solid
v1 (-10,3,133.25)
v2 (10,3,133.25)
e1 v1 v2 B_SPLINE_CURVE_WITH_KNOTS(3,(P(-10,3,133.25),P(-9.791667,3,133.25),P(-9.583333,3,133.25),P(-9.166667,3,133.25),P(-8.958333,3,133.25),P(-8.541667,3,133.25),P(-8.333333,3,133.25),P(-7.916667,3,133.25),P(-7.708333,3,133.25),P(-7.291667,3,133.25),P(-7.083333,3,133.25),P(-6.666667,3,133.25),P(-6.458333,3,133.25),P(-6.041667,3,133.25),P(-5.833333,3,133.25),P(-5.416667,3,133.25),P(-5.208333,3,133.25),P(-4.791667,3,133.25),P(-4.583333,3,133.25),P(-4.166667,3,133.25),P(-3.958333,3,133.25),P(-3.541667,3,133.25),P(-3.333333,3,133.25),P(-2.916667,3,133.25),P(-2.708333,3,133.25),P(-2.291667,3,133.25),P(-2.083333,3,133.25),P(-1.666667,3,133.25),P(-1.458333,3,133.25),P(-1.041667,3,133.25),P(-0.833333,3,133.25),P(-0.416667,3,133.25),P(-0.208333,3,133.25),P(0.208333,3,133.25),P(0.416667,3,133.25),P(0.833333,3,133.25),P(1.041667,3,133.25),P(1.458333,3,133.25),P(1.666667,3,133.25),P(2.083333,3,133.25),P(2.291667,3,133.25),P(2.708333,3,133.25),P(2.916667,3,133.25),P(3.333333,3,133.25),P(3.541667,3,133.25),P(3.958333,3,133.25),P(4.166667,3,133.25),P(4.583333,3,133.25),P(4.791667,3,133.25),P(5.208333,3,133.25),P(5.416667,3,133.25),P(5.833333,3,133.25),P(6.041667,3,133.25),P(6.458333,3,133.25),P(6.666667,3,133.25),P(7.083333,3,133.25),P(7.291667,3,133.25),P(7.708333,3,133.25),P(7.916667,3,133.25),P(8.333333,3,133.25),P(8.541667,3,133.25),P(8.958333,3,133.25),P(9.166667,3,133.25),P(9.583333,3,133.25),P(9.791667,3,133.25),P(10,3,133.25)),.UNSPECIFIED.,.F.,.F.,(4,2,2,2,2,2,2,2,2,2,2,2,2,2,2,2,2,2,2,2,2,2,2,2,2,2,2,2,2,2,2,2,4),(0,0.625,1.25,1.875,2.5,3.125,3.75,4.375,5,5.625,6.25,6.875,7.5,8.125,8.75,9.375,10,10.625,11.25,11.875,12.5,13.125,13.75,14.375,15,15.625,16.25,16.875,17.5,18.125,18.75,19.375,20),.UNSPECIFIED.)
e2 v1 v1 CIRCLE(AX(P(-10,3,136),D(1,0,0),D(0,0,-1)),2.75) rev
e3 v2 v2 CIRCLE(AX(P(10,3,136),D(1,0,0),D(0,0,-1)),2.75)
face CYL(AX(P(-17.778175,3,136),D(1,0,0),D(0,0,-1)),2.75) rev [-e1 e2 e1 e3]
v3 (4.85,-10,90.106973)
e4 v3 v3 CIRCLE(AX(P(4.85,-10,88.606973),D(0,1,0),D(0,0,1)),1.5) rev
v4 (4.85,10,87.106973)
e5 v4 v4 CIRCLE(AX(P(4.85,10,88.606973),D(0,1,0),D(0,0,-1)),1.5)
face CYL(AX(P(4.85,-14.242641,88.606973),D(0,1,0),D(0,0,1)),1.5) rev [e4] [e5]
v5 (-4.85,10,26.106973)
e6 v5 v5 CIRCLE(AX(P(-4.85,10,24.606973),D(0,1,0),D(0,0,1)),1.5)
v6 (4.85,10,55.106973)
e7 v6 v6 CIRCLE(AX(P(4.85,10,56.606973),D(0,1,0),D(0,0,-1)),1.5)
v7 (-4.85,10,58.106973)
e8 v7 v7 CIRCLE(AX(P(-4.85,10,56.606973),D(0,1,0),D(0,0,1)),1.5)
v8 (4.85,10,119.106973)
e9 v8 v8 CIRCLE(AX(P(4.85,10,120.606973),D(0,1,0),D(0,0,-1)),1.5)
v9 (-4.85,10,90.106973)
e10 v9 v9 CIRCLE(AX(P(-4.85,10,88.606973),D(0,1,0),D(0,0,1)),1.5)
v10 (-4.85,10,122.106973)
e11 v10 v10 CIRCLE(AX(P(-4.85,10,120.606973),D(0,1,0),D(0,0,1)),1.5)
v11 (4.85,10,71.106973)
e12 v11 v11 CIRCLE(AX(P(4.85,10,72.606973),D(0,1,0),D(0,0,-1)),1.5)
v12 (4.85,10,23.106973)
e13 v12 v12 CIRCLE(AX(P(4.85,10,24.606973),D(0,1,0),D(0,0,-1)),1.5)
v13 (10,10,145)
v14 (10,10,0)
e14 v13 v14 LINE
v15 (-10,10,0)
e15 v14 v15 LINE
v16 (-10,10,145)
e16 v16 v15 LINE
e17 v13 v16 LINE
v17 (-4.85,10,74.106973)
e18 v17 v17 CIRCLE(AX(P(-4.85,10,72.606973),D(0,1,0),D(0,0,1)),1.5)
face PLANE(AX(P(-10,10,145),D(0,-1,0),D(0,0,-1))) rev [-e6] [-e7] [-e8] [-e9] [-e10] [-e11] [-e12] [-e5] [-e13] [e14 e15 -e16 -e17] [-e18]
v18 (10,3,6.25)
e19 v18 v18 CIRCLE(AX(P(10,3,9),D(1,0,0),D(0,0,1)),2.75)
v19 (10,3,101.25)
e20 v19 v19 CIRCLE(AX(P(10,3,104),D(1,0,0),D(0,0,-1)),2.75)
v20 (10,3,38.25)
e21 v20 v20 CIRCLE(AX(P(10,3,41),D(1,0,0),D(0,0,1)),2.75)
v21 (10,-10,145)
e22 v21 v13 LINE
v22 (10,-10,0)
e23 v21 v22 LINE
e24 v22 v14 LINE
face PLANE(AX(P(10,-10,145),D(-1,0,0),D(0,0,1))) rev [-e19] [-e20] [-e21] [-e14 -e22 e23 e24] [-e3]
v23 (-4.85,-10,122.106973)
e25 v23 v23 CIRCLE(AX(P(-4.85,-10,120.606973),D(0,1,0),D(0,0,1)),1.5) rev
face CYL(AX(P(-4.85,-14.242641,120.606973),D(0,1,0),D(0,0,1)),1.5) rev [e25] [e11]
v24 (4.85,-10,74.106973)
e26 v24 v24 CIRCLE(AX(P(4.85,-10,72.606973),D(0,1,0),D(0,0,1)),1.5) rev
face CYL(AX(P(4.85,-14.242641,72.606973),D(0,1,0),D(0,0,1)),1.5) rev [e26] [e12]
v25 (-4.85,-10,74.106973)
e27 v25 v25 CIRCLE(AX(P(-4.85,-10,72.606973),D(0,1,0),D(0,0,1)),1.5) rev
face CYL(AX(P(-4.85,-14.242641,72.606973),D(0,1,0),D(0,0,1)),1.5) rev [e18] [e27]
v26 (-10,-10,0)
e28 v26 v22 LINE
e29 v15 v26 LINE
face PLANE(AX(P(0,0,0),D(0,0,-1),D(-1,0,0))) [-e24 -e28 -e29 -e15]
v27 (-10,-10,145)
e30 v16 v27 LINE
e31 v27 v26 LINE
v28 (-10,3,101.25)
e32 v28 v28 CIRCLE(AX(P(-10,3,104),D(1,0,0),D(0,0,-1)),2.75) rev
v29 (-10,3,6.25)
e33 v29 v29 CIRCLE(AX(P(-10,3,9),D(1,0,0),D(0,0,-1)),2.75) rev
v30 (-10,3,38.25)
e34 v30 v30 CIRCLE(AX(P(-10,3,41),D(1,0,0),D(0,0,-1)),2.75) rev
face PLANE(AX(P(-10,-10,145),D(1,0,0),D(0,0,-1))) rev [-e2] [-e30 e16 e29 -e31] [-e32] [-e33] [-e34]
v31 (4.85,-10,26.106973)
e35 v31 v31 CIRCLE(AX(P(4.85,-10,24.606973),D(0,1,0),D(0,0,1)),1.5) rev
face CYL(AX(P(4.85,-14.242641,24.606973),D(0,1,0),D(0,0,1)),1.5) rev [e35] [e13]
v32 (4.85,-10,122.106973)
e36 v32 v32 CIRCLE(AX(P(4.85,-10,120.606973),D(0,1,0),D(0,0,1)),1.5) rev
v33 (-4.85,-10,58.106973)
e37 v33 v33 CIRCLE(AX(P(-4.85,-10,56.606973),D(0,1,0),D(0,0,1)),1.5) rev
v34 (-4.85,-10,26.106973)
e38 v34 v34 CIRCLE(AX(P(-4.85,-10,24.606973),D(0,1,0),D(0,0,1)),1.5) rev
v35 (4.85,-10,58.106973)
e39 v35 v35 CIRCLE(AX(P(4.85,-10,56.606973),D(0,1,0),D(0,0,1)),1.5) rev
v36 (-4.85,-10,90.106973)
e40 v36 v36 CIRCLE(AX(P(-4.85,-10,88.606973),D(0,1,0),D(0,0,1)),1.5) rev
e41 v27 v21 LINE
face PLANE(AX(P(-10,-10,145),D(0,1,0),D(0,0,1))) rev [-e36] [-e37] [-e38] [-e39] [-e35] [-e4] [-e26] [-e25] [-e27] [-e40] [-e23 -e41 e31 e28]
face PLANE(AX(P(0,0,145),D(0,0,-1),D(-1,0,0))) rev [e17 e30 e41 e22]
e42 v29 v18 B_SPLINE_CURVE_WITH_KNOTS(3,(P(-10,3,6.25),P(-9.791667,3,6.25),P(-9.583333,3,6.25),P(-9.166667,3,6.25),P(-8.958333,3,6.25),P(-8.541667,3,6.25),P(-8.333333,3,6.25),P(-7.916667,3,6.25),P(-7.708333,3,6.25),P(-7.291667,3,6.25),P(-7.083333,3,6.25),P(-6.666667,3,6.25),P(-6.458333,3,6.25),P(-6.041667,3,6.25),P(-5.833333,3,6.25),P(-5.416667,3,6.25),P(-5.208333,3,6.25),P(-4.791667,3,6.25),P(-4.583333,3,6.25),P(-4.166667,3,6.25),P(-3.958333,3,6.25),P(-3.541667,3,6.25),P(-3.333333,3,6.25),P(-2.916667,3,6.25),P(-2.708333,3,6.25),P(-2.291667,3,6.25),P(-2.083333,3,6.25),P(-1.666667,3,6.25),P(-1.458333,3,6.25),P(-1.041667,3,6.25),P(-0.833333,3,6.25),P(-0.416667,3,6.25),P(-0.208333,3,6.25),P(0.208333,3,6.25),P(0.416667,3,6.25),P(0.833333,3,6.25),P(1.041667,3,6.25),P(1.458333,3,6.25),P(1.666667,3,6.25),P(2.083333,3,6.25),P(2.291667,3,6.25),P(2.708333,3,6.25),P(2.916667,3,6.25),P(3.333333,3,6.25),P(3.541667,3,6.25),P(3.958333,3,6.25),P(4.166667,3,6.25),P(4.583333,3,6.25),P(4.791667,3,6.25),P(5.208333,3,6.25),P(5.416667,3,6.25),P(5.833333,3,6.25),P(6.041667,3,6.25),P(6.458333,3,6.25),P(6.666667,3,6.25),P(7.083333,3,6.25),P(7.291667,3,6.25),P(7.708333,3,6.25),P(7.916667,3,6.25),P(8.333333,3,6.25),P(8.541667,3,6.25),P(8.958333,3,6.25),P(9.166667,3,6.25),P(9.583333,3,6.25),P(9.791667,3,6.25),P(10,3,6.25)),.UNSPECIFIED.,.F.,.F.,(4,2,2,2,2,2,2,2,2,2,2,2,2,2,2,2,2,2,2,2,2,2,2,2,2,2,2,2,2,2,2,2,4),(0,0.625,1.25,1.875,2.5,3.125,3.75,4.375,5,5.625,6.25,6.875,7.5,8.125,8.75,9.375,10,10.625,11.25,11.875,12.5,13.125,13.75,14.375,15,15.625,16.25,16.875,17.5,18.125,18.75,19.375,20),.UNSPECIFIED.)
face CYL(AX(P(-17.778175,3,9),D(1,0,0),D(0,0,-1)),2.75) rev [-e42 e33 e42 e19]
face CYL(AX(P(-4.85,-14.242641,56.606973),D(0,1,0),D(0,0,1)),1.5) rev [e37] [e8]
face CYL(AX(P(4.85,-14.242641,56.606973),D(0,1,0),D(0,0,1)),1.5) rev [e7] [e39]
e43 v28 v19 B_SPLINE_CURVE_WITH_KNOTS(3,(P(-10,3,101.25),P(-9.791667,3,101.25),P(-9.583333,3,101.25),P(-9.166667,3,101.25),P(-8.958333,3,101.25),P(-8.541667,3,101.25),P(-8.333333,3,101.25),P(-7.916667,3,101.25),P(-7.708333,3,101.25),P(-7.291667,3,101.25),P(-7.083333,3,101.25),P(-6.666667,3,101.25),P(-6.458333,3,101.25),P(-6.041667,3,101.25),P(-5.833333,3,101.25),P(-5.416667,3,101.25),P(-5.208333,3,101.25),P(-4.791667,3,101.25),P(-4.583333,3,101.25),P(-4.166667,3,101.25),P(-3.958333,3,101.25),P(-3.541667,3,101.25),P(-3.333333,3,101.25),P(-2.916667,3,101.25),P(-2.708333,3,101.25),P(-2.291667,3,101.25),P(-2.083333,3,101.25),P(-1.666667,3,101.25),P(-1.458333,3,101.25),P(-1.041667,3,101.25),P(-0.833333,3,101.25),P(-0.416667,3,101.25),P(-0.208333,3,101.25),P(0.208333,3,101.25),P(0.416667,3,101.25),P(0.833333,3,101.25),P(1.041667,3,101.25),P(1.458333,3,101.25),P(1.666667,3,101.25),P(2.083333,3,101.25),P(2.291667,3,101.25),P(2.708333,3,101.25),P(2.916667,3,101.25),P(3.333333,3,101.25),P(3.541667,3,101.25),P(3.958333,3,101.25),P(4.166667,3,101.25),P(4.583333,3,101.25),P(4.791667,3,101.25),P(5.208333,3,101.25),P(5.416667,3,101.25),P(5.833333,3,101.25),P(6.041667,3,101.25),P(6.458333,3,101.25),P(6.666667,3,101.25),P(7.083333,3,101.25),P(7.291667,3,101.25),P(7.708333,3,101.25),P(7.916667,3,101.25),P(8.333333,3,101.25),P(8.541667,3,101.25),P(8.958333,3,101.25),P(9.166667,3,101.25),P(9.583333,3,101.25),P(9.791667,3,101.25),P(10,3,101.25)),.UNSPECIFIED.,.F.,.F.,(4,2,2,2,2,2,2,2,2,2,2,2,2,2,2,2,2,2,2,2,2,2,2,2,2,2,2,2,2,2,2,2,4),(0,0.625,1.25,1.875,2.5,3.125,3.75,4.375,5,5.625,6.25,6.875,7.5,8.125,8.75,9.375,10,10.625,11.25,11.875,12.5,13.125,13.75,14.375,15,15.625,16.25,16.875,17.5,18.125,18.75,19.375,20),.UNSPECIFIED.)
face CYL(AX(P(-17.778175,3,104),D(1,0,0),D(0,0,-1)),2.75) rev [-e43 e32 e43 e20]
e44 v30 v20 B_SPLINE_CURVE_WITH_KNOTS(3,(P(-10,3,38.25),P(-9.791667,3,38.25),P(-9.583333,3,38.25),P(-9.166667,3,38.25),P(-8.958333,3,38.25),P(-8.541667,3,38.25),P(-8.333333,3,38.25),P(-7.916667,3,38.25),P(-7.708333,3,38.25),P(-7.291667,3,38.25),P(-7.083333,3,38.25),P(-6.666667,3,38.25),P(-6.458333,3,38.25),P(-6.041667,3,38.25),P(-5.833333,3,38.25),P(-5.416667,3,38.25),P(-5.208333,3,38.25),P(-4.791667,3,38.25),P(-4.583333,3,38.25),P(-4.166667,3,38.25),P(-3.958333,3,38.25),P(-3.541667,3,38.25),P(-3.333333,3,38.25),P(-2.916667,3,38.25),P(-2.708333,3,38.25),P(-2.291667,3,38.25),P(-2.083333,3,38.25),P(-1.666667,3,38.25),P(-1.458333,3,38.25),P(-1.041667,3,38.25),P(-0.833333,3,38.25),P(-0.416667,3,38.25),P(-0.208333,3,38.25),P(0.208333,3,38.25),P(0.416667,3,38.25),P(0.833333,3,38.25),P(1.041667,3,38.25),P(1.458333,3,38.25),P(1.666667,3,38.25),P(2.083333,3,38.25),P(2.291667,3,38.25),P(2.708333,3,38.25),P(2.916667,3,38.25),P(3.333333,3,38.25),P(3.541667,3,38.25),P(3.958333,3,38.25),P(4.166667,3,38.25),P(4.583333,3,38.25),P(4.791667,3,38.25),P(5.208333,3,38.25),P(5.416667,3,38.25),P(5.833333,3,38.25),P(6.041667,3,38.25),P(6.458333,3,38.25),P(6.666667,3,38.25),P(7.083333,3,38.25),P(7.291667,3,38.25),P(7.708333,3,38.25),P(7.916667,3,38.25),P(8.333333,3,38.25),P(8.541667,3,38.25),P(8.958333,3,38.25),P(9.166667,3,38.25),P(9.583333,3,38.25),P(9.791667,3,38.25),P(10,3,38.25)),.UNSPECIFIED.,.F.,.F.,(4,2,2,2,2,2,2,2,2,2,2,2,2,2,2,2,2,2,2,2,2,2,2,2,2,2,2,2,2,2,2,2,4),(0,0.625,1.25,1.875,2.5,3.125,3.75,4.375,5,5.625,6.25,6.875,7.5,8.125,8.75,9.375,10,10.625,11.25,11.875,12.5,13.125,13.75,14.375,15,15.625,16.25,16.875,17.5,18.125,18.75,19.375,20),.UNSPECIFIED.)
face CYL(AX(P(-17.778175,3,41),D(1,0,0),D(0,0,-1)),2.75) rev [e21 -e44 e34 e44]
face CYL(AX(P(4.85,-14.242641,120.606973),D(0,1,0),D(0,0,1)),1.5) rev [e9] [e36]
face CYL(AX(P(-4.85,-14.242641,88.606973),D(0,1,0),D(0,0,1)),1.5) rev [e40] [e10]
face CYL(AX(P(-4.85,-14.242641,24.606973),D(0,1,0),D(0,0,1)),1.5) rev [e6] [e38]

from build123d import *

# Parameters (mm, degrees)
SKETCH_1_W          = 20
SKETCH_1_H          = 20
EXTRUDE_1_DEPTH     = 145
SKETCH_2_R          = 2.75
CUT_EXTRUDE_1_DEPTH = 20
SKETCH_4_R          = 1.5
CUT_EXTRUDE_4_DEPTH = 20


with BuildPart() as part:
    # 草图1 → 凸台-拉伸1 (new body)
    with BuildSketch(Plane.XY):
        Rectangle(SKETCH_1_W, SKETCH_1_H)
    extrude(amount=EXTRUDE_1_DEPTH)

    # 草图2 → 切除-拉伸1 (cut)
    with BuildSketch(Plane(origin=(10, 0, 0), x_dir=(0, 0, -1), z_dir=(1, 0, 0))):
        with Locations((-136, 3)):
            Circle(SKETCH_2_R)
        with Locations((-104, 3)):
            Circle(SKETCH_2_R)
        with Locations((-9, 3)):
            Circle(SKETCH_2_R)
        with Locations((-41, 3)):
            Circle(SKETCH_2_R)
    extrude(amount=-CUT_EXTRUDE_1_DEPTH, mode=Mode.SUBTRACT)

    # 草图4 → 切除-拉伸4 (cut)
    with BuildSketch(Plane(origin=(0, 10, 0), x_dir=(1, 0, 0), z_dir=(0, 1, 0))):
        with Locations(Location((-4.85, -24.606973042, 0), (0, 0, 270))):
            Circle(SKETCH_4_R)
        with Locations(Location((-4.85, -56.606973042, 0), (0, 0, 270))):
            Circle(SKETCH_4_R)
        with Locations(Location((-4.85, -72.606973042, 0), (0, 0, 270))):
            Circle(SKETCH_4_R)
        with Locations(Location((-4.85, -88.606973042, 0), (0, 0, 270))):
            Circle(SKETCH_4_R)
        with Locations(Location((-4.85, -120.606973042, 0), (0, 0, 270))):
            Circle(SKETCH_4_R)
        with Locations(Location((4.85, -120.606973042, 0), (0, 0, 270))):
            Circle(SKETCH_4_R)
        with Locations(Location((4.85, -88.606973042, 0), (0, 0, 270))):
            Circle(SKETCH_4_R)
        with Locations(Location((4.85, -72.606973042, 0), (0, 0, 270))):
            Circle(SKETCH_4_R)
        with Locations(Location((4.85, -56.606973042, 0), (0, 0, 270))):
            Circle(SKETCH_4_R)
        with Locations(Location((4.85, -24.606973042, 0), (0, 0, 270))):
            Circle(SKETCH_4_R)
    extrude(amount=-CUT_EXTRUDE_4_DEPTH, mode=Mode.SUBTRACT)


solid = part.part
